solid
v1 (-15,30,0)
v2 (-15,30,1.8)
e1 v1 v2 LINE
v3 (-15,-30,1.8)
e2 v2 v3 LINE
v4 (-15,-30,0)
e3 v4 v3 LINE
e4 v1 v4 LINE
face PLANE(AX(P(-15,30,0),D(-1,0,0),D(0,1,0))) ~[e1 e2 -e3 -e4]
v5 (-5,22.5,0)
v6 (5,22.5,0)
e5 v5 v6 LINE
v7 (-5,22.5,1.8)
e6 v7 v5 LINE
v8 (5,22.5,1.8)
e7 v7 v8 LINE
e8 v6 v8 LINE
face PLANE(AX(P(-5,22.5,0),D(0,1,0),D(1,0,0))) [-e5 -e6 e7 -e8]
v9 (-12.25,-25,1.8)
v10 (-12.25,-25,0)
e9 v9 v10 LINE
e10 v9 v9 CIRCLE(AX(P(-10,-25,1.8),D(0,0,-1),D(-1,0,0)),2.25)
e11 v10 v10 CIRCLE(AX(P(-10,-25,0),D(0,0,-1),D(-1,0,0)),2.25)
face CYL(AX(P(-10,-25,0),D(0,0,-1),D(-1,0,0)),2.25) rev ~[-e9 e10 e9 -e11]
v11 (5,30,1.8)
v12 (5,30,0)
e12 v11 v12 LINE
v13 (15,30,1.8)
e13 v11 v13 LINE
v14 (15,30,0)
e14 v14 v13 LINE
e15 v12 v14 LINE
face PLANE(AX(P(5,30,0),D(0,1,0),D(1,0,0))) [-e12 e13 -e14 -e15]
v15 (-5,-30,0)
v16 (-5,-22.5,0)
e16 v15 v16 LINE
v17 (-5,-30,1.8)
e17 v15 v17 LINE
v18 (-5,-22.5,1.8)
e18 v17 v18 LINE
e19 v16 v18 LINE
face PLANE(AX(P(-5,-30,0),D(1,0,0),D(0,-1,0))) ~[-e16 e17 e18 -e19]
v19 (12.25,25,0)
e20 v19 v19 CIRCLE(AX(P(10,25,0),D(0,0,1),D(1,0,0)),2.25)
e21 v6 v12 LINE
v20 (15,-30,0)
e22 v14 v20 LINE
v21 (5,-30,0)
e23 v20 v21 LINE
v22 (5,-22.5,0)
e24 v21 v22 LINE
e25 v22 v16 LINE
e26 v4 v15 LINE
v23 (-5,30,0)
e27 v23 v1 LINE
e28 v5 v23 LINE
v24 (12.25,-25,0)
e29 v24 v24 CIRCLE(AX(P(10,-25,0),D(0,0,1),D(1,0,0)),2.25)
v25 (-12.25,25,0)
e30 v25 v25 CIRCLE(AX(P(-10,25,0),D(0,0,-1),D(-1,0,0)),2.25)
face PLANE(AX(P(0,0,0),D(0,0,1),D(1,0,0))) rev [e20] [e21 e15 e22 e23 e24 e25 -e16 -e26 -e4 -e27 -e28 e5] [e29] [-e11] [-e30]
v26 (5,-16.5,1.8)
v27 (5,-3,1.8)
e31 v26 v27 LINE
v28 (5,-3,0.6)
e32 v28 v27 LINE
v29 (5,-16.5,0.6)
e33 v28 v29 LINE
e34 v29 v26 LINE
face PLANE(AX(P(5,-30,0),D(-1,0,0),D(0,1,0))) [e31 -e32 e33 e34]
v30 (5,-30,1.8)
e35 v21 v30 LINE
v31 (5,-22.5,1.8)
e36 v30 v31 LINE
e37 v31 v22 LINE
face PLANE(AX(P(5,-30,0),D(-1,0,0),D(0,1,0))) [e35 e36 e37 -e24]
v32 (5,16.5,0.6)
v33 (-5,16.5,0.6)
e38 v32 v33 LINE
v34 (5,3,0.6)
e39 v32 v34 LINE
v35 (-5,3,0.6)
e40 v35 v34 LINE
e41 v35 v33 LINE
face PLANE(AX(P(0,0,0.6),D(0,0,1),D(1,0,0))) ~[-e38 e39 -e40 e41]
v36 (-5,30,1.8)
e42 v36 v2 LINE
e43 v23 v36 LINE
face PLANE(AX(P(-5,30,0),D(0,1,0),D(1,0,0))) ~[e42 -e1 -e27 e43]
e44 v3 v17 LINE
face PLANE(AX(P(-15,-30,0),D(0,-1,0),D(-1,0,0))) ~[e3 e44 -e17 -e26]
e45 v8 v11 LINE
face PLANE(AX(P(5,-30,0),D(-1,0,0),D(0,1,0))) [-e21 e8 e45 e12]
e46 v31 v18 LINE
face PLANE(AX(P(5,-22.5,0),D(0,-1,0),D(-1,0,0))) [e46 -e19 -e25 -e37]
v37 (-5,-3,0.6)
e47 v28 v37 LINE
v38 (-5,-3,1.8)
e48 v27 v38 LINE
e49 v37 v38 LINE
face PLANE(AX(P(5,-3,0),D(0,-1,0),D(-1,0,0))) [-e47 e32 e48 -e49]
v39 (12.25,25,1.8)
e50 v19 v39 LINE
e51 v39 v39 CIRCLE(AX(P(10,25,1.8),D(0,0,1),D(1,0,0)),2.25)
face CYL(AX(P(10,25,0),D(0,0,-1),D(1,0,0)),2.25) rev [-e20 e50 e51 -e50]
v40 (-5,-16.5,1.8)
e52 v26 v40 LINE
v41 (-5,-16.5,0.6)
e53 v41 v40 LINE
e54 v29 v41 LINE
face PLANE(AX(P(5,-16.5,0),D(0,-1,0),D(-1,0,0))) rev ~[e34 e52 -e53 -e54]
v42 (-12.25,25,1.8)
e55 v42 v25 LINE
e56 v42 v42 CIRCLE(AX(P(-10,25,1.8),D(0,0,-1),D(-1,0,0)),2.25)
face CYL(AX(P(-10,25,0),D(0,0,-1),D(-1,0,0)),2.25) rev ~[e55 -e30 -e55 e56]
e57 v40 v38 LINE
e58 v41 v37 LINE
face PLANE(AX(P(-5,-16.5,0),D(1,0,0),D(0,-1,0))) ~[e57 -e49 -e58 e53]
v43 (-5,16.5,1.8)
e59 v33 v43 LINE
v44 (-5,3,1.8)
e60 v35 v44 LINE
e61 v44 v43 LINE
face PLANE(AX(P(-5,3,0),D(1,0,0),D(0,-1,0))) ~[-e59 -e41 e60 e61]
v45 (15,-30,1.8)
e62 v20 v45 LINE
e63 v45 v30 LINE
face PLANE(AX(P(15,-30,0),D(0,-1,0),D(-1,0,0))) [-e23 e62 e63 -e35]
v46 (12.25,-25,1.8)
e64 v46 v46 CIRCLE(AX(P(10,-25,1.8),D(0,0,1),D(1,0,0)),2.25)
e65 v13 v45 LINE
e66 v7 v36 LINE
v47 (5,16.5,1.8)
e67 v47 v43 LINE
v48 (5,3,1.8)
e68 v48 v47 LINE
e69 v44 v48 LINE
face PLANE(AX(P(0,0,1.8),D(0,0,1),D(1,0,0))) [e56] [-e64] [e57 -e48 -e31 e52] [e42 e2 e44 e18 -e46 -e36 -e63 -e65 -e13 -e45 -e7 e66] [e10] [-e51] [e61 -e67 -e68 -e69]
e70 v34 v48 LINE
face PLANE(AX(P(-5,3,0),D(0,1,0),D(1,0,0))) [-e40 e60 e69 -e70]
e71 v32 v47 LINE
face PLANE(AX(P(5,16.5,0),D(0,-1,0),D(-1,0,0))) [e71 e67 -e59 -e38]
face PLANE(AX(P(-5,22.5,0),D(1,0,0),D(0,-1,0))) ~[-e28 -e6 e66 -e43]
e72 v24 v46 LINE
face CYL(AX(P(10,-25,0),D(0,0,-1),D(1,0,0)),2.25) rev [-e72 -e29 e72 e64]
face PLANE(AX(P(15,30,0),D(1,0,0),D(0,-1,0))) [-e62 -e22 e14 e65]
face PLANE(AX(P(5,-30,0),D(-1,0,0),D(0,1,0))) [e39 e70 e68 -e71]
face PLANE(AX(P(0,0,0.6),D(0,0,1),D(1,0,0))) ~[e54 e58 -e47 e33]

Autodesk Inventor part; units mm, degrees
ref_plane "YZ Plane" through (0, 0, 0) normal (1, 0, 0) x (0, 1, 0)
ref_plane "XZ Plane" through (0, 0, 0) normal (0, 1, 0) x (-1, 0, 0)
ref_plane "XY Plane" through (0, 0, 0) normal (0, 0, 1) x (1, 0, 0)
sketch "Sketch1" plane through (0, 0, 0) normal (0, 0, 1) x (1, 0, 0)
  line L0 (0, 35.9415) -> (0, -22.75) construction
  line L1 (5, 30) -> (15, 30)
  line L2 (15, 30) -> (15, -30)
  line L3 (15, -30) -> (5, -30)
  line L4 (5, -30) -> (5, 30)
  circle A0 centre (10, 25) radius 2.25
  circle A1 centre (10, -25) radius 2.25
  line L5 (-5, 22.5) -> (5, 22.5)
  line L6 (5, 22.5) -> (5, -22.5)
  line L7 (5, -22.5) -> (-5, -22.5)
  line L8 (-5, -22.5) -> (-5, 22.5)
  line L9 (-5, 22.5) -> (5, 22.5)
  line L10 (5, 22.5) -> (5, 16.5)
  line L11 (5, 16.5) -> (-5, 16.5)
  line L12 (-5, 16.5) -> (-5, 22.5)
  line L13 (-5, -22.5) -> (5, -22.5)
  line L14 (5, -22.5) -> (5, -16.5)
  line L15 (5, -16.5) -> (-5, -16.5)
  line L16 (-5, -16.5) -> (-5, -22.5)
  line L17 (-5, 3) -> (5, 3)
  line L18 (5, 3) -> (5, -3)
  line L19 (5, -3) -> (-5, -3)
  line L20 (-5, -3) -> (-5, 3)
  point P0 (0, 0)
  point P1 (15, 0)
  point P2 (5, 0)
  point P3 (0, 22.5)
  point P4 (5, 0)
  point P5 (5, 0)
  dimension "d28" = 60
  dimension "d29" = 4.5
  dimension "d30" = 4.5
  dimension "d31" = 5
  dimension "d32" = 5
  dimension "d33" = 10
  dimension "d36" = 10
  dimension "d37" = 45
  dimension "d38" = 5
  dimension "d39" = 5
  dimension "d42" = 6
  dimension "d43" = 6
  dimension "d44" = 6
extrude "Extrusion3" add sketch "Sketch1" along normal blind 0.6 contours L4 L11 L8 L5 | L4 L17 L8 L11 | L4 L19 L8 L17 | L7 L8 L15 L4 | L4 L15 L8 L19
extrude "Extrusion4" add sketch "Sketch1" along normal blind 0.6 contours L1 L2 L3 L4
mirror "Mirror1" about plane through (0, 0, 0) normal (1, 0, 0) of "Extrusion4"
extrude "Extrusion5" add sketch "Sketch1" along normal blind 1.8 contours L1 L2 L3 L4
extrude "Extrusion6" add sketch "Sketch1" along normal blind 1.8 contours L4 L11 L8 L5 | L4 L19 L8 L17 | L7 L8 L15 L4
mirror "Mirror2" about plane through (0, 0, 0) normal (1, 0, 0) of "Extrusion5", "Extrusion6"
equation "\"d29\" = screw"
equation "\"d30\" = screw"
equation "\"screw\" = 4.5"
properties part number "FoldLink" material "Rubber, Silicone"
